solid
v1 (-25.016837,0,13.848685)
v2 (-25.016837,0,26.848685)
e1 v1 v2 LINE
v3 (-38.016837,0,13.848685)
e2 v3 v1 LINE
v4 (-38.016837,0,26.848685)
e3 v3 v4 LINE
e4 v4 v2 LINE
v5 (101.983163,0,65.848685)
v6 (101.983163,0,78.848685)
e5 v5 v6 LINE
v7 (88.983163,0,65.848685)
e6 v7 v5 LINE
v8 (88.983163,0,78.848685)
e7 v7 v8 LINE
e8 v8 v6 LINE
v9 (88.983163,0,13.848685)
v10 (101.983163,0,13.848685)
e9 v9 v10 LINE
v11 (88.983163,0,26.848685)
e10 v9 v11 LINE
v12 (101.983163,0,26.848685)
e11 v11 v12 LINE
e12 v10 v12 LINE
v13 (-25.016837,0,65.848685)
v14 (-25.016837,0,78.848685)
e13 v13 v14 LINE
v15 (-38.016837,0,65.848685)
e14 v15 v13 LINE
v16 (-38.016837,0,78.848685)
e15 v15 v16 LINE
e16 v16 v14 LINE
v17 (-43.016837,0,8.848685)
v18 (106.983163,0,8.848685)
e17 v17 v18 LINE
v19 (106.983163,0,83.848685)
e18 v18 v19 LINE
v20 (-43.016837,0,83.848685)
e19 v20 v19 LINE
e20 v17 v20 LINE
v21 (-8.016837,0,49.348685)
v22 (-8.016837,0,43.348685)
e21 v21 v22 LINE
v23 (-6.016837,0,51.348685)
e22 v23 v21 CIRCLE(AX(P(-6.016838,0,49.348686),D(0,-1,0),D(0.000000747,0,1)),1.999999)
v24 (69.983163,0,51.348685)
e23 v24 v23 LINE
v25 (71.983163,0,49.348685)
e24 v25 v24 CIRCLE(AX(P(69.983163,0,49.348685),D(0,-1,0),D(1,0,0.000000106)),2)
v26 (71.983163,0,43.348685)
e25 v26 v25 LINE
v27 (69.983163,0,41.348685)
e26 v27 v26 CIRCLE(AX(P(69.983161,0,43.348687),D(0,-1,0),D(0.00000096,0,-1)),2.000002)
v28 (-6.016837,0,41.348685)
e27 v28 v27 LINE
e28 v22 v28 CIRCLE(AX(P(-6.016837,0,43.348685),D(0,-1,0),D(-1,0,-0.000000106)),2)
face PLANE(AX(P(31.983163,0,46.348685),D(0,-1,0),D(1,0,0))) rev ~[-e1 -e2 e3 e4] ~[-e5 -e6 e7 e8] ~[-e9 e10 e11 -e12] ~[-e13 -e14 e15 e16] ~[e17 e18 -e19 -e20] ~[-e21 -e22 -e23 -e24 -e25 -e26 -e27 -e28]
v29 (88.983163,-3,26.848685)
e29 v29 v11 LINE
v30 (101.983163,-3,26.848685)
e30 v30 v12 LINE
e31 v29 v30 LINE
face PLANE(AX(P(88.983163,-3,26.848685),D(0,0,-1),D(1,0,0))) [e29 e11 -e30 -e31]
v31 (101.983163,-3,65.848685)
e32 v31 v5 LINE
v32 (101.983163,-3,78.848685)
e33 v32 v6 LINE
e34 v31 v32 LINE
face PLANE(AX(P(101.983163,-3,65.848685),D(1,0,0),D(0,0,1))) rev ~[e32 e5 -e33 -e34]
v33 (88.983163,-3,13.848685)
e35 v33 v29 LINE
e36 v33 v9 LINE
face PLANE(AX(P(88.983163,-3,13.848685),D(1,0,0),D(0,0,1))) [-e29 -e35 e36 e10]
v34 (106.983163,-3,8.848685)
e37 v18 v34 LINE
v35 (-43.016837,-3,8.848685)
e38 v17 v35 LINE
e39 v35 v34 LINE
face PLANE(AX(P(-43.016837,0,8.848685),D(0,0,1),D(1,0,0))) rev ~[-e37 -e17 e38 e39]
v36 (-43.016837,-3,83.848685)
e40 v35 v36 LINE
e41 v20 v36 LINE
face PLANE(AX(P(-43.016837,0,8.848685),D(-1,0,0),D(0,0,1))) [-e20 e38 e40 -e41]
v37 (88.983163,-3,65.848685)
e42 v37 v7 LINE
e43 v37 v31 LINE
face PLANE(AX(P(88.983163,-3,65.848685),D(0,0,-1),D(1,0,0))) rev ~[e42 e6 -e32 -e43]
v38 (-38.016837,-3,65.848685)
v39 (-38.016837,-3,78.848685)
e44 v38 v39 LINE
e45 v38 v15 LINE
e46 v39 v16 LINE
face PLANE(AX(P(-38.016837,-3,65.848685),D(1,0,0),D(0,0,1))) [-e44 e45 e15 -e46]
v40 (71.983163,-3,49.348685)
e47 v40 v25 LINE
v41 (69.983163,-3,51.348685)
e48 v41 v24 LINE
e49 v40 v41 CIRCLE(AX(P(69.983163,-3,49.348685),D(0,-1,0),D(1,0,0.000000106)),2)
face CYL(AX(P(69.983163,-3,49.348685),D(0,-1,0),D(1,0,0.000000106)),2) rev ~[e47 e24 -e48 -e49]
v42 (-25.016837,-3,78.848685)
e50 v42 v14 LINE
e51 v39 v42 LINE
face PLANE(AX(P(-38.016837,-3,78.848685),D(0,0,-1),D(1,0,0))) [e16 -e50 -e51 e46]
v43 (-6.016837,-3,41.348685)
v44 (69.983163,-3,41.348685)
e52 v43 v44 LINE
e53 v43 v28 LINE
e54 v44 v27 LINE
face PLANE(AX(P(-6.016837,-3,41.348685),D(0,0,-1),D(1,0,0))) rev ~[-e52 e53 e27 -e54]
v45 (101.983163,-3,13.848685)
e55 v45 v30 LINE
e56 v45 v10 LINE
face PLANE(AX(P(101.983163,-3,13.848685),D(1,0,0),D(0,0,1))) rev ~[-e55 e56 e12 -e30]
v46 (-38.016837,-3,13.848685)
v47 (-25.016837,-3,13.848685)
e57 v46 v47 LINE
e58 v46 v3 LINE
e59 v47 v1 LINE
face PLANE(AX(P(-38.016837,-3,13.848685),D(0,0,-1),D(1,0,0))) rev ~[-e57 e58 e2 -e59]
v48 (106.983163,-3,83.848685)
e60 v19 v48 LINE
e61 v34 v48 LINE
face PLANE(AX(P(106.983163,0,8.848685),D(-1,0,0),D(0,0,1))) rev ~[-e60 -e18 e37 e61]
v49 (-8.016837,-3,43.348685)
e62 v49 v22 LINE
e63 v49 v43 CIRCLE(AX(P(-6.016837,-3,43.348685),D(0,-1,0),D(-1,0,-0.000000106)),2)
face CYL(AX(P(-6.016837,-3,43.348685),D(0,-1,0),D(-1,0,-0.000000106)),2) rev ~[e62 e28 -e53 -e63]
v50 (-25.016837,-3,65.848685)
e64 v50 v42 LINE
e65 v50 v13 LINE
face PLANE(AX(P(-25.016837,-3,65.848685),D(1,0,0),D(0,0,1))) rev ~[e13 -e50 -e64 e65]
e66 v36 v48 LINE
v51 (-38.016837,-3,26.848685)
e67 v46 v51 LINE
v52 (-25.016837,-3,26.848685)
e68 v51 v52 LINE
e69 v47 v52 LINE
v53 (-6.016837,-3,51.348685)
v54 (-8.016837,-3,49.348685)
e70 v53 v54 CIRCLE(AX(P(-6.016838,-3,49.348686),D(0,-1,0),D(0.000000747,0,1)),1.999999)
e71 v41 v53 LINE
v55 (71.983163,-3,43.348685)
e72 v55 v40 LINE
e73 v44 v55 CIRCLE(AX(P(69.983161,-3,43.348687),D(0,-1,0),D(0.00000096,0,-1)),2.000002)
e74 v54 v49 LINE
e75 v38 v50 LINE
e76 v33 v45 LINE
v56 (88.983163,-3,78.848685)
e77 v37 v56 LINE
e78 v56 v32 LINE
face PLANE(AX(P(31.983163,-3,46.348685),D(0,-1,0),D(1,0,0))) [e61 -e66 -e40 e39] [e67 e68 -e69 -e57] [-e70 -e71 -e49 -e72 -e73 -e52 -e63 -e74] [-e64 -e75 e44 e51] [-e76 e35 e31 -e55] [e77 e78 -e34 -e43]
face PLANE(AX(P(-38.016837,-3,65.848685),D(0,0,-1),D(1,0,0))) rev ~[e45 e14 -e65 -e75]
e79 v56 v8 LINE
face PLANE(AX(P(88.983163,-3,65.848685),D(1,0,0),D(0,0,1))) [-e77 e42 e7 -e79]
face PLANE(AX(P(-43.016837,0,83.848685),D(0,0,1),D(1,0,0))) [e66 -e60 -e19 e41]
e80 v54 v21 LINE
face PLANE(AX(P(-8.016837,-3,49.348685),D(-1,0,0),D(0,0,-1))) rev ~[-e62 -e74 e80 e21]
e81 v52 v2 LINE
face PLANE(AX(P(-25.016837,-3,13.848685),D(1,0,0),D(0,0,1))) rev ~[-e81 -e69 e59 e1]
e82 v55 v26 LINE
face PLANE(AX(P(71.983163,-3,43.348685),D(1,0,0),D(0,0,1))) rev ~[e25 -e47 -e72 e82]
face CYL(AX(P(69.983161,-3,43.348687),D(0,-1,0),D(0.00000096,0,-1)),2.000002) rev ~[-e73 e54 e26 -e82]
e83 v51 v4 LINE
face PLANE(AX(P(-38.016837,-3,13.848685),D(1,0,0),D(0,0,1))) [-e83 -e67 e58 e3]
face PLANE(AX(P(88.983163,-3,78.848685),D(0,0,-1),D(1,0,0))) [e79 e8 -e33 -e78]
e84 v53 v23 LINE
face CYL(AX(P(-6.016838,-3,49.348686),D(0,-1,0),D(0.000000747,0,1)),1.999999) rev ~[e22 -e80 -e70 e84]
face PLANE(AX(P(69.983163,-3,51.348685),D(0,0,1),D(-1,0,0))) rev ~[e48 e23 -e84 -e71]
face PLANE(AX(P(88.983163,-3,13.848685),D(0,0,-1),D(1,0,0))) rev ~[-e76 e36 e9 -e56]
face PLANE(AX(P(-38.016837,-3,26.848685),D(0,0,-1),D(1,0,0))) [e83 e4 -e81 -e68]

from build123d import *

# Parameters (mm, degrees)
F0_W     = 150
F0_H     = 75
F1_DEPTH = 3
F2_W     = 13
F2_H     = 13
F3_DEPTH = 4


with BuildPart() as f1:
    # F0 (on Front) → F1 (new body)
    with BuildSketch(Plane.XZ):
        with Locations((31.983163, 46.348685)):
            Rectangle(F0_W, F0_H)
    extrude(amount=F1_DEPTH)

    # F2 (on face) → F3 (cut)
    with BuildSketch(Plane.XZ.offset(3)):
        with Locations((-31.516837, 72.348685)):
            Rectangle(F2_W, F2_H)
        with Locations((-31.516837, 20.348685)):
            Rectangle(F2_W, F2_H)
        with Locations((95.483163, 20.348685)):
            Rectangle(F2_W, F2_H)
        with Locations((95.483163, 72.348685)):
            Rectangle(F2_W, F2_H)
        with BuildLine():
            Line((69.983163, 51.348685), (-6.016837, 51.348685))
            ThreePointArc((-6.016837, 51.348685), (-7.431051, 50.762899), (-8.016837, 49.348685))
            Line((-8.016837, 49.348685), (-8.016837, 43.348685))
            ThreePointArc((-8.016837, 43.348685), (-7.431051, 41.934472), (-6.016837, 41.348685))
            Line((-6.016837, 41.348685), (69.983163, 41.348685))
            ThreePointArc((69.983163, 41.348685), (71.397376, 41.934472), (71.983163, 43.348685))
            Line((71.983163, 43.348685), (71.983163, 49.348685))
            ThreePointArc((71.983163, 49.348685), (71.397376, 50.762899), (69.983163, 51.348685))
        make_face()
    extrude(amount=-F3_DEPTH, mode=Mode.SUBTRACT)


solid = f1.part
